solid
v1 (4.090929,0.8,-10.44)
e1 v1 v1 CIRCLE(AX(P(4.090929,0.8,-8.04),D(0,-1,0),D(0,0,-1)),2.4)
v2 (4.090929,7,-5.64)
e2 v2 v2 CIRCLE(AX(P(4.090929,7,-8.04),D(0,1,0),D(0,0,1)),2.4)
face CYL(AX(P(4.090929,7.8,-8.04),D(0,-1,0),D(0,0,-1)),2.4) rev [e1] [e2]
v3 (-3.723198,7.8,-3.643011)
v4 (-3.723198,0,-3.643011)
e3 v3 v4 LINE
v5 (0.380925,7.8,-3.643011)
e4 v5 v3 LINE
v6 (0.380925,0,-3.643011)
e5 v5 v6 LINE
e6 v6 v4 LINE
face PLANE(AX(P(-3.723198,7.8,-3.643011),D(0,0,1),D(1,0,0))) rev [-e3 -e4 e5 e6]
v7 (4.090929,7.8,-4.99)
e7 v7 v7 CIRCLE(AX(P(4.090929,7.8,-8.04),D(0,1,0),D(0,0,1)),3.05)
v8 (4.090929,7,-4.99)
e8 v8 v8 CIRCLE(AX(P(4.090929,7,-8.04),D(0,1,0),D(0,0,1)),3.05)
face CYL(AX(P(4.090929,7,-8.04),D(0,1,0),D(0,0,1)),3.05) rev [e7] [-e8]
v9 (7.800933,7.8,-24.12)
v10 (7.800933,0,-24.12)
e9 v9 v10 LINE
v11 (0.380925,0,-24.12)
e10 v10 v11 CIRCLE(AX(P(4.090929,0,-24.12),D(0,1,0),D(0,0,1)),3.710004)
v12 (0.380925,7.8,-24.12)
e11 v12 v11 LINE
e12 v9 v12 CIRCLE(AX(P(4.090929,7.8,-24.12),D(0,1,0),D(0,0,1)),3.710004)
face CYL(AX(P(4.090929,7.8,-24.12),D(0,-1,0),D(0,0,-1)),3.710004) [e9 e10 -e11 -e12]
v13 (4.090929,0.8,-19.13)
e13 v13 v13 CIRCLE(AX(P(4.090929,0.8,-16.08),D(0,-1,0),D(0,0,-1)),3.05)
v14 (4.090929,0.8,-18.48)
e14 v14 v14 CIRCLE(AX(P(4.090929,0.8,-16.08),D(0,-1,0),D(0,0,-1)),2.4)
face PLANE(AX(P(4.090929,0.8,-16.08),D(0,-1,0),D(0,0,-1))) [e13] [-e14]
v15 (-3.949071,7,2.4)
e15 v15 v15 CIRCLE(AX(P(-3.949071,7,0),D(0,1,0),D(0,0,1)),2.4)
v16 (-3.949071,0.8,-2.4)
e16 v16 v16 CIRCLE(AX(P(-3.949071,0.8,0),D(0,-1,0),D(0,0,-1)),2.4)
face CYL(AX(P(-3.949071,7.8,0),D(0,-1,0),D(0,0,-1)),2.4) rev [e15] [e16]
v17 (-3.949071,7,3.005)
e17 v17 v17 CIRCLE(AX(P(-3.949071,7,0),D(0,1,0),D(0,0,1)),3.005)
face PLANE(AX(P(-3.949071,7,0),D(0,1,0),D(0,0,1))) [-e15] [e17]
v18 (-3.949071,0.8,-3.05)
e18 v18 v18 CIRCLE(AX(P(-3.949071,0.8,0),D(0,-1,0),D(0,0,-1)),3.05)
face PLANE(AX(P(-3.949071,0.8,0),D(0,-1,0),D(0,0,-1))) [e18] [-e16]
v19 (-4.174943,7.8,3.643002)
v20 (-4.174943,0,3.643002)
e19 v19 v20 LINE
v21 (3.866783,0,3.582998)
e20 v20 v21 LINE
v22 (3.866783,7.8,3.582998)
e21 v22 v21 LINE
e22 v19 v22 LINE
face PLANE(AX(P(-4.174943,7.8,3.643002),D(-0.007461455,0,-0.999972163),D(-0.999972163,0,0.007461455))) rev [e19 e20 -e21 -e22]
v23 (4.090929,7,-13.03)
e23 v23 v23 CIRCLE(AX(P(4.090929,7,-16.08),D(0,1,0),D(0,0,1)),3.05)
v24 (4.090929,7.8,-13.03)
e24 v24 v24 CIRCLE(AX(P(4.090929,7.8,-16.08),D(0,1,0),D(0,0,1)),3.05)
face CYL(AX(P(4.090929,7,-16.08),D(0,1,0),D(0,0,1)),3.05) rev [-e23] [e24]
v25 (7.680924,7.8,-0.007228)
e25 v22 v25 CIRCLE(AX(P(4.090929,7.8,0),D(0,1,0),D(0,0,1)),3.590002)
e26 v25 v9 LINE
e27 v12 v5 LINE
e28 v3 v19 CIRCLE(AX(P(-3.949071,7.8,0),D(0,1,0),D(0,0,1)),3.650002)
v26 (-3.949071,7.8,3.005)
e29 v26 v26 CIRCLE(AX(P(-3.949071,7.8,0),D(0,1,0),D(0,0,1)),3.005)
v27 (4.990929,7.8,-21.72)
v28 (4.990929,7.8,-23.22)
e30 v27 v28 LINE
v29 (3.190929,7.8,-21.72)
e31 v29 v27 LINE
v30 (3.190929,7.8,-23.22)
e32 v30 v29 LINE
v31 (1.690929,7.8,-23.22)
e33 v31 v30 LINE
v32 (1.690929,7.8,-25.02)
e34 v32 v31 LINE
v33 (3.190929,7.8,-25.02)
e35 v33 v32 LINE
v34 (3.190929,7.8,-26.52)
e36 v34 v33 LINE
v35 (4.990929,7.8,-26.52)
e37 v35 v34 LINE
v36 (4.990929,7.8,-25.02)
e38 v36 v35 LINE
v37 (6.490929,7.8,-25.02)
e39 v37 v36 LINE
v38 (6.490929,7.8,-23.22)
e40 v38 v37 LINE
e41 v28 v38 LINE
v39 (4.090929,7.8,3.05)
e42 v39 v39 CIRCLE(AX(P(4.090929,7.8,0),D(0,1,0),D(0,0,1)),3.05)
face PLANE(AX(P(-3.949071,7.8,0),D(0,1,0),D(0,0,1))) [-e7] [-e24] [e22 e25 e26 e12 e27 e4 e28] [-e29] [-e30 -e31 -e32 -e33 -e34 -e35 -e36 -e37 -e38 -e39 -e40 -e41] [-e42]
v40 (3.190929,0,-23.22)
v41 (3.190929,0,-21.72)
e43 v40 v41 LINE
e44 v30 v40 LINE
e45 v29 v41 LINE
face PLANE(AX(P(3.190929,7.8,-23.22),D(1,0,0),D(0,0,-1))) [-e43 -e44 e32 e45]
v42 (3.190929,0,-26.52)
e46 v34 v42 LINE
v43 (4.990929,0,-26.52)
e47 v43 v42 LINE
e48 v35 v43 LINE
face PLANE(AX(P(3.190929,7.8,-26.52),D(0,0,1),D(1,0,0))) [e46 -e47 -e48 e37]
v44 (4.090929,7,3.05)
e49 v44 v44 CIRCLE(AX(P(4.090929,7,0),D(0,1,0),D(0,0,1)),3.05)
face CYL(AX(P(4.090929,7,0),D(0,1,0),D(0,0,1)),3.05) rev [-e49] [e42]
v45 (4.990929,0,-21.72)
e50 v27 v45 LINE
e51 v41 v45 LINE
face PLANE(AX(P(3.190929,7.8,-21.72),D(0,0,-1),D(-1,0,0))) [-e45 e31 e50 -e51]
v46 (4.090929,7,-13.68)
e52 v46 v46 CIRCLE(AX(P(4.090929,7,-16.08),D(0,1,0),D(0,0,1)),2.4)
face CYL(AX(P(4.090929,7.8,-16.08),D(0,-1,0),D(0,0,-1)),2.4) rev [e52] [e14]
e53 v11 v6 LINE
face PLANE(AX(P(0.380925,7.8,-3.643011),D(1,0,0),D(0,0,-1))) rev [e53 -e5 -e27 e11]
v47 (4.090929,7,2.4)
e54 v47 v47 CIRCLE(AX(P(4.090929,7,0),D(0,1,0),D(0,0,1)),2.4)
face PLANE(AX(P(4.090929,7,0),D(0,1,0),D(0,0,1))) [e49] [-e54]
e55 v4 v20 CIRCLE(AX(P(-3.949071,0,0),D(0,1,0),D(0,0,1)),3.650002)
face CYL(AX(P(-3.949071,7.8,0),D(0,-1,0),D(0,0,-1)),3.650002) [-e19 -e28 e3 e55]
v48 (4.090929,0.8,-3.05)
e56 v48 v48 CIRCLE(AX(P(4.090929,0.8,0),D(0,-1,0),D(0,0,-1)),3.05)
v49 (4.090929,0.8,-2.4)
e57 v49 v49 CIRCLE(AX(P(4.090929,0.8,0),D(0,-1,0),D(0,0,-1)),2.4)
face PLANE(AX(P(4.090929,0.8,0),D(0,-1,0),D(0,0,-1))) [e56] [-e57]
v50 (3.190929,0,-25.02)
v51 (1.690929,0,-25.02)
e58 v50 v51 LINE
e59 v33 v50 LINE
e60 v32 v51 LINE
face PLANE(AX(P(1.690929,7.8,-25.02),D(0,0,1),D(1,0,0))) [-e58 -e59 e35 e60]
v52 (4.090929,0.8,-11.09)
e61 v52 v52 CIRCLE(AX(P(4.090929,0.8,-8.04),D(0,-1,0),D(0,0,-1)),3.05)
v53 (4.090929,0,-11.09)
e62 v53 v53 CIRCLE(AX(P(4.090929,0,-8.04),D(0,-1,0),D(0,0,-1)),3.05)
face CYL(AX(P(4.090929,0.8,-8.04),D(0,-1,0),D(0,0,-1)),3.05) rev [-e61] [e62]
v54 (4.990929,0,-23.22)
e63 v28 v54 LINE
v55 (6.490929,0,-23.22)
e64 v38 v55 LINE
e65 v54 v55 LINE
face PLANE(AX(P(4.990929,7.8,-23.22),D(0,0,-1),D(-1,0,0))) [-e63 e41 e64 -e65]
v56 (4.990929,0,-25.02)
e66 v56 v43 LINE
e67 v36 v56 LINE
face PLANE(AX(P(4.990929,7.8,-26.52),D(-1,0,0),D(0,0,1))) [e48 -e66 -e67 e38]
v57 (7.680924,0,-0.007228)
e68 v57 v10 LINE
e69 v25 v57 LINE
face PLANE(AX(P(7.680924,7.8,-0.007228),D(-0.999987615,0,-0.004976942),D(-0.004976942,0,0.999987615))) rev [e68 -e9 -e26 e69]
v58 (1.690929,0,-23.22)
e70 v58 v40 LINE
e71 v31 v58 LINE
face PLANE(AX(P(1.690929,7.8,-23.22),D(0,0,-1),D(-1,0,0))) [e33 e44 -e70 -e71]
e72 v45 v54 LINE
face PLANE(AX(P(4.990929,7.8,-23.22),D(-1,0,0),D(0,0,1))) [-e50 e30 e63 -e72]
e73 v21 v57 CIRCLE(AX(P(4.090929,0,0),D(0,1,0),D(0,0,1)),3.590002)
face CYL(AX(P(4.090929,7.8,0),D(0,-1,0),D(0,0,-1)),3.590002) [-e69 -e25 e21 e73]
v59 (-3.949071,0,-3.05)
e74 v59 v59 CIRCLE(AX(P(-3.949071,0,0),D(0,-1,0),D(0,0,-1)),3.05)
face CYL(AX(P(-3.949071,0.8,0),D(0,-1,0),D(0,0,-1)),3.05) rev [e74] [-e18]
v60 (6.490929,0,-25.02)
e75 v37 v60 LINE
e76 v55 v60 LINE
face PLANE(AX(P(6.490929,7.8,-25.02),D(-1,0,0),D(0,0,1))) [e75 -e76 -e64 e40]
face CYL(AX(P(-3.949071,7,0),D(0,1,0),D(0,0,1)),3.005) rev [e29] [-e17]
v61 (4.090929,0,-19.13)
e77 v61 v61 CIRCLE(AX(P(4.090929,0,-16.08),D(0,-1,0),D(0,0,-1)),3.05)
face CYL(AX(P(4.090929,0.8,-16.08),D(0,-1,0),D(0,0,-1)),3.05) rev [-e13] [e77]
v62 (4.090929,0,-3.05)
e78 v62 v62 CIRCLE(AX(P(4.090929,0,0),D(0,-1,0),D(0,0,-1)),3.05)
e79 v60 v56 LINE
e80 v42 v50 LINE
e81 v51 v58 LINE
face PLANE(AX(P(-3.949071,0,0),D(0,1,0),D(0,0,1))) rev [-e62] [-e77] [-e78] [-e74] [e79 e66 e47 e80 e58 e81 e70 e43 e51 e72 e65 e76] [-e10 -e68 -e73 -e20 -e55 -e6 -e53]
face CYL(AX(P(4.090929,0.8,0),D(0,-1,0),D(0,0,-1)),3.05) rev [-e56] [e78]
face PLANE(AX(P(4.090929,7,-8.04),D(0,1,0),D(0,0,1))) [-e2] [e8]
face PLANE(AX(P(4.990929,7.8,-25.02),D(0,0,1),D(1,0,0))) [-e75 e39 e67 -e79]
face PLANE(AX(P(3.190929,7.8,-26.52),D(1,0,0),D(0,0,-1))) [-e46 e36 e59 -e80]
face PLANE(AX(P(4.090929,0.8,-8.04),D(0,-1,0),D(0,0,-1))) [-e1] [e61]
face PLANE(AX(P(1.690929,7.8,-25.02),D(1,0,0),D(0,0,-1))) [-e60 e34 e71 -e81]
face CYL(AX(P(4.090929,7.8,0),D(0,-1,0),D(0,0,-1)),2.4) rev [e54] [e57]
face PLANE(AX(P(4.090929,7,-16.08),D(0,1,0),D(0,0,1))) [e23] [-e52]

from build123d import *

# Parameters (mm, degrees)
SKETCH1_R           = 2.4
BOSS_EXTRUDE2_DEPTH = 7.8
SKETCH2_R           = 3.005
SKETCH2_R_2         = 3.05
CUT_EXTRUDE1_DEPTH  = 0.8
SKETCH3_R           = 3.05
CUT_EXTRUDE2_DEPTH  = 0.8


with BuildPart() as part:
    # Sketch1 → Boss-Extrude2 (new body)
    with BuildSketch(Plane(origin=(0, 0, 0), x_dir=(1, 0, 0), z_dir=(0, 1, 0))):
        with BuildLine():
            Line((-3.723198341, 3.643010683), (0.380925068, 3.643010683))
            Line((0.380925068, 3.643010683), (0.380925068, 24.12))
            ThreePointArc((0.380925068, 24.12), (4.090929192, 27.830004128), (7.800933325, 24.120000008))
            Line((7.800933325, 24.120000008), (7.680923984, 0.007228348))
            ThreePointArc((7.680923984, 0.007228348), (6.551552066, -2.614086822), (3.866782865, -3.582997801))
            Line((3.866782865, -3.582997801), (-4.174942755, -3.643002442))
            ThreePointArc((-4.174942755, -3.643002442), (-7.592081486, 0.225872463), (-3.723198341, 3.643010683))
        make_face()
        with Locations((-3.949070804, 0)):
            Circle(SKETCH1_R, mode=Mode.SUBTRACT)
        with Locations((4.090929196, 0)):
            Circle(SKETCH1_R, mode=Mode.SUBTRACT)
        with Locations((4.090929196, 8.04)):
            Circle(SKETCH1_R, mode=Mode.SUBTRACT)
        with Locations((4.090929196, 16.08)):
            Circle(SKETCH1_R, mode=Mode.SUBTRACT)
        Polygon((3.190929196, 26.52), (4.990929196, 26.52), (4.990929196, 25.02), (6.490929196, 25.02), (6.490929196, 23.22), (4.990929196, 23.22), (4.990929196, 21.72), (3.190929196, 21.72), (3.190929196, 23.22), (1.690929196, 23.22), (1.690929196, 25.02), (3.190929196, 25.02), align=None, mode=Mode.SUBTRACT)
    extrude(amount=BOSS_EXTRUDE2_DEPTH)

    # Sketch2 → Cut-Extrude1 (cut)
    with BuildSketch(Plane(origin=(0, 7.8, 0), x_dir=(1, 0, 0), z_dir=(0, 1, 0))):
        with Locations((-3.949070804, 0)):
            Circle(SKETCH2_R)
        with Locations((4.090929196, 0)):
            Circle(SKETCH2_R_2)
        with Locations((4.090929196, 8.04)):
            Circle(SKETCH2_R_2)
        with Locations((4.090929196, 16.08)):
            Circle(SKETCH2_R_2)
    extrude(amount=-CUT_EXTRUDE1_DEPTH, mode=Mode.SUBTRACT)

    # Sketch3 → Cut-Extrude2 (cut)
    with BuildSketch(Plane.XZ):
        with Locations((-3.949070804, 0)):
            Circle(SKETCH3_R)
        with Locations((4.090929196, 0)):
            Circle(SKETCH3_R)
        with Locations((4.090929196, -8.04)):
            Circle(SKETCH3_R)
        with Locations((4.090929196, -16.08)):
            Circle(SKETCH3_R)
    extrude(amount=-CUT_EXTRUDE2_DEPTH, mode=Mode.SUBTRACT)


solid = part.part
